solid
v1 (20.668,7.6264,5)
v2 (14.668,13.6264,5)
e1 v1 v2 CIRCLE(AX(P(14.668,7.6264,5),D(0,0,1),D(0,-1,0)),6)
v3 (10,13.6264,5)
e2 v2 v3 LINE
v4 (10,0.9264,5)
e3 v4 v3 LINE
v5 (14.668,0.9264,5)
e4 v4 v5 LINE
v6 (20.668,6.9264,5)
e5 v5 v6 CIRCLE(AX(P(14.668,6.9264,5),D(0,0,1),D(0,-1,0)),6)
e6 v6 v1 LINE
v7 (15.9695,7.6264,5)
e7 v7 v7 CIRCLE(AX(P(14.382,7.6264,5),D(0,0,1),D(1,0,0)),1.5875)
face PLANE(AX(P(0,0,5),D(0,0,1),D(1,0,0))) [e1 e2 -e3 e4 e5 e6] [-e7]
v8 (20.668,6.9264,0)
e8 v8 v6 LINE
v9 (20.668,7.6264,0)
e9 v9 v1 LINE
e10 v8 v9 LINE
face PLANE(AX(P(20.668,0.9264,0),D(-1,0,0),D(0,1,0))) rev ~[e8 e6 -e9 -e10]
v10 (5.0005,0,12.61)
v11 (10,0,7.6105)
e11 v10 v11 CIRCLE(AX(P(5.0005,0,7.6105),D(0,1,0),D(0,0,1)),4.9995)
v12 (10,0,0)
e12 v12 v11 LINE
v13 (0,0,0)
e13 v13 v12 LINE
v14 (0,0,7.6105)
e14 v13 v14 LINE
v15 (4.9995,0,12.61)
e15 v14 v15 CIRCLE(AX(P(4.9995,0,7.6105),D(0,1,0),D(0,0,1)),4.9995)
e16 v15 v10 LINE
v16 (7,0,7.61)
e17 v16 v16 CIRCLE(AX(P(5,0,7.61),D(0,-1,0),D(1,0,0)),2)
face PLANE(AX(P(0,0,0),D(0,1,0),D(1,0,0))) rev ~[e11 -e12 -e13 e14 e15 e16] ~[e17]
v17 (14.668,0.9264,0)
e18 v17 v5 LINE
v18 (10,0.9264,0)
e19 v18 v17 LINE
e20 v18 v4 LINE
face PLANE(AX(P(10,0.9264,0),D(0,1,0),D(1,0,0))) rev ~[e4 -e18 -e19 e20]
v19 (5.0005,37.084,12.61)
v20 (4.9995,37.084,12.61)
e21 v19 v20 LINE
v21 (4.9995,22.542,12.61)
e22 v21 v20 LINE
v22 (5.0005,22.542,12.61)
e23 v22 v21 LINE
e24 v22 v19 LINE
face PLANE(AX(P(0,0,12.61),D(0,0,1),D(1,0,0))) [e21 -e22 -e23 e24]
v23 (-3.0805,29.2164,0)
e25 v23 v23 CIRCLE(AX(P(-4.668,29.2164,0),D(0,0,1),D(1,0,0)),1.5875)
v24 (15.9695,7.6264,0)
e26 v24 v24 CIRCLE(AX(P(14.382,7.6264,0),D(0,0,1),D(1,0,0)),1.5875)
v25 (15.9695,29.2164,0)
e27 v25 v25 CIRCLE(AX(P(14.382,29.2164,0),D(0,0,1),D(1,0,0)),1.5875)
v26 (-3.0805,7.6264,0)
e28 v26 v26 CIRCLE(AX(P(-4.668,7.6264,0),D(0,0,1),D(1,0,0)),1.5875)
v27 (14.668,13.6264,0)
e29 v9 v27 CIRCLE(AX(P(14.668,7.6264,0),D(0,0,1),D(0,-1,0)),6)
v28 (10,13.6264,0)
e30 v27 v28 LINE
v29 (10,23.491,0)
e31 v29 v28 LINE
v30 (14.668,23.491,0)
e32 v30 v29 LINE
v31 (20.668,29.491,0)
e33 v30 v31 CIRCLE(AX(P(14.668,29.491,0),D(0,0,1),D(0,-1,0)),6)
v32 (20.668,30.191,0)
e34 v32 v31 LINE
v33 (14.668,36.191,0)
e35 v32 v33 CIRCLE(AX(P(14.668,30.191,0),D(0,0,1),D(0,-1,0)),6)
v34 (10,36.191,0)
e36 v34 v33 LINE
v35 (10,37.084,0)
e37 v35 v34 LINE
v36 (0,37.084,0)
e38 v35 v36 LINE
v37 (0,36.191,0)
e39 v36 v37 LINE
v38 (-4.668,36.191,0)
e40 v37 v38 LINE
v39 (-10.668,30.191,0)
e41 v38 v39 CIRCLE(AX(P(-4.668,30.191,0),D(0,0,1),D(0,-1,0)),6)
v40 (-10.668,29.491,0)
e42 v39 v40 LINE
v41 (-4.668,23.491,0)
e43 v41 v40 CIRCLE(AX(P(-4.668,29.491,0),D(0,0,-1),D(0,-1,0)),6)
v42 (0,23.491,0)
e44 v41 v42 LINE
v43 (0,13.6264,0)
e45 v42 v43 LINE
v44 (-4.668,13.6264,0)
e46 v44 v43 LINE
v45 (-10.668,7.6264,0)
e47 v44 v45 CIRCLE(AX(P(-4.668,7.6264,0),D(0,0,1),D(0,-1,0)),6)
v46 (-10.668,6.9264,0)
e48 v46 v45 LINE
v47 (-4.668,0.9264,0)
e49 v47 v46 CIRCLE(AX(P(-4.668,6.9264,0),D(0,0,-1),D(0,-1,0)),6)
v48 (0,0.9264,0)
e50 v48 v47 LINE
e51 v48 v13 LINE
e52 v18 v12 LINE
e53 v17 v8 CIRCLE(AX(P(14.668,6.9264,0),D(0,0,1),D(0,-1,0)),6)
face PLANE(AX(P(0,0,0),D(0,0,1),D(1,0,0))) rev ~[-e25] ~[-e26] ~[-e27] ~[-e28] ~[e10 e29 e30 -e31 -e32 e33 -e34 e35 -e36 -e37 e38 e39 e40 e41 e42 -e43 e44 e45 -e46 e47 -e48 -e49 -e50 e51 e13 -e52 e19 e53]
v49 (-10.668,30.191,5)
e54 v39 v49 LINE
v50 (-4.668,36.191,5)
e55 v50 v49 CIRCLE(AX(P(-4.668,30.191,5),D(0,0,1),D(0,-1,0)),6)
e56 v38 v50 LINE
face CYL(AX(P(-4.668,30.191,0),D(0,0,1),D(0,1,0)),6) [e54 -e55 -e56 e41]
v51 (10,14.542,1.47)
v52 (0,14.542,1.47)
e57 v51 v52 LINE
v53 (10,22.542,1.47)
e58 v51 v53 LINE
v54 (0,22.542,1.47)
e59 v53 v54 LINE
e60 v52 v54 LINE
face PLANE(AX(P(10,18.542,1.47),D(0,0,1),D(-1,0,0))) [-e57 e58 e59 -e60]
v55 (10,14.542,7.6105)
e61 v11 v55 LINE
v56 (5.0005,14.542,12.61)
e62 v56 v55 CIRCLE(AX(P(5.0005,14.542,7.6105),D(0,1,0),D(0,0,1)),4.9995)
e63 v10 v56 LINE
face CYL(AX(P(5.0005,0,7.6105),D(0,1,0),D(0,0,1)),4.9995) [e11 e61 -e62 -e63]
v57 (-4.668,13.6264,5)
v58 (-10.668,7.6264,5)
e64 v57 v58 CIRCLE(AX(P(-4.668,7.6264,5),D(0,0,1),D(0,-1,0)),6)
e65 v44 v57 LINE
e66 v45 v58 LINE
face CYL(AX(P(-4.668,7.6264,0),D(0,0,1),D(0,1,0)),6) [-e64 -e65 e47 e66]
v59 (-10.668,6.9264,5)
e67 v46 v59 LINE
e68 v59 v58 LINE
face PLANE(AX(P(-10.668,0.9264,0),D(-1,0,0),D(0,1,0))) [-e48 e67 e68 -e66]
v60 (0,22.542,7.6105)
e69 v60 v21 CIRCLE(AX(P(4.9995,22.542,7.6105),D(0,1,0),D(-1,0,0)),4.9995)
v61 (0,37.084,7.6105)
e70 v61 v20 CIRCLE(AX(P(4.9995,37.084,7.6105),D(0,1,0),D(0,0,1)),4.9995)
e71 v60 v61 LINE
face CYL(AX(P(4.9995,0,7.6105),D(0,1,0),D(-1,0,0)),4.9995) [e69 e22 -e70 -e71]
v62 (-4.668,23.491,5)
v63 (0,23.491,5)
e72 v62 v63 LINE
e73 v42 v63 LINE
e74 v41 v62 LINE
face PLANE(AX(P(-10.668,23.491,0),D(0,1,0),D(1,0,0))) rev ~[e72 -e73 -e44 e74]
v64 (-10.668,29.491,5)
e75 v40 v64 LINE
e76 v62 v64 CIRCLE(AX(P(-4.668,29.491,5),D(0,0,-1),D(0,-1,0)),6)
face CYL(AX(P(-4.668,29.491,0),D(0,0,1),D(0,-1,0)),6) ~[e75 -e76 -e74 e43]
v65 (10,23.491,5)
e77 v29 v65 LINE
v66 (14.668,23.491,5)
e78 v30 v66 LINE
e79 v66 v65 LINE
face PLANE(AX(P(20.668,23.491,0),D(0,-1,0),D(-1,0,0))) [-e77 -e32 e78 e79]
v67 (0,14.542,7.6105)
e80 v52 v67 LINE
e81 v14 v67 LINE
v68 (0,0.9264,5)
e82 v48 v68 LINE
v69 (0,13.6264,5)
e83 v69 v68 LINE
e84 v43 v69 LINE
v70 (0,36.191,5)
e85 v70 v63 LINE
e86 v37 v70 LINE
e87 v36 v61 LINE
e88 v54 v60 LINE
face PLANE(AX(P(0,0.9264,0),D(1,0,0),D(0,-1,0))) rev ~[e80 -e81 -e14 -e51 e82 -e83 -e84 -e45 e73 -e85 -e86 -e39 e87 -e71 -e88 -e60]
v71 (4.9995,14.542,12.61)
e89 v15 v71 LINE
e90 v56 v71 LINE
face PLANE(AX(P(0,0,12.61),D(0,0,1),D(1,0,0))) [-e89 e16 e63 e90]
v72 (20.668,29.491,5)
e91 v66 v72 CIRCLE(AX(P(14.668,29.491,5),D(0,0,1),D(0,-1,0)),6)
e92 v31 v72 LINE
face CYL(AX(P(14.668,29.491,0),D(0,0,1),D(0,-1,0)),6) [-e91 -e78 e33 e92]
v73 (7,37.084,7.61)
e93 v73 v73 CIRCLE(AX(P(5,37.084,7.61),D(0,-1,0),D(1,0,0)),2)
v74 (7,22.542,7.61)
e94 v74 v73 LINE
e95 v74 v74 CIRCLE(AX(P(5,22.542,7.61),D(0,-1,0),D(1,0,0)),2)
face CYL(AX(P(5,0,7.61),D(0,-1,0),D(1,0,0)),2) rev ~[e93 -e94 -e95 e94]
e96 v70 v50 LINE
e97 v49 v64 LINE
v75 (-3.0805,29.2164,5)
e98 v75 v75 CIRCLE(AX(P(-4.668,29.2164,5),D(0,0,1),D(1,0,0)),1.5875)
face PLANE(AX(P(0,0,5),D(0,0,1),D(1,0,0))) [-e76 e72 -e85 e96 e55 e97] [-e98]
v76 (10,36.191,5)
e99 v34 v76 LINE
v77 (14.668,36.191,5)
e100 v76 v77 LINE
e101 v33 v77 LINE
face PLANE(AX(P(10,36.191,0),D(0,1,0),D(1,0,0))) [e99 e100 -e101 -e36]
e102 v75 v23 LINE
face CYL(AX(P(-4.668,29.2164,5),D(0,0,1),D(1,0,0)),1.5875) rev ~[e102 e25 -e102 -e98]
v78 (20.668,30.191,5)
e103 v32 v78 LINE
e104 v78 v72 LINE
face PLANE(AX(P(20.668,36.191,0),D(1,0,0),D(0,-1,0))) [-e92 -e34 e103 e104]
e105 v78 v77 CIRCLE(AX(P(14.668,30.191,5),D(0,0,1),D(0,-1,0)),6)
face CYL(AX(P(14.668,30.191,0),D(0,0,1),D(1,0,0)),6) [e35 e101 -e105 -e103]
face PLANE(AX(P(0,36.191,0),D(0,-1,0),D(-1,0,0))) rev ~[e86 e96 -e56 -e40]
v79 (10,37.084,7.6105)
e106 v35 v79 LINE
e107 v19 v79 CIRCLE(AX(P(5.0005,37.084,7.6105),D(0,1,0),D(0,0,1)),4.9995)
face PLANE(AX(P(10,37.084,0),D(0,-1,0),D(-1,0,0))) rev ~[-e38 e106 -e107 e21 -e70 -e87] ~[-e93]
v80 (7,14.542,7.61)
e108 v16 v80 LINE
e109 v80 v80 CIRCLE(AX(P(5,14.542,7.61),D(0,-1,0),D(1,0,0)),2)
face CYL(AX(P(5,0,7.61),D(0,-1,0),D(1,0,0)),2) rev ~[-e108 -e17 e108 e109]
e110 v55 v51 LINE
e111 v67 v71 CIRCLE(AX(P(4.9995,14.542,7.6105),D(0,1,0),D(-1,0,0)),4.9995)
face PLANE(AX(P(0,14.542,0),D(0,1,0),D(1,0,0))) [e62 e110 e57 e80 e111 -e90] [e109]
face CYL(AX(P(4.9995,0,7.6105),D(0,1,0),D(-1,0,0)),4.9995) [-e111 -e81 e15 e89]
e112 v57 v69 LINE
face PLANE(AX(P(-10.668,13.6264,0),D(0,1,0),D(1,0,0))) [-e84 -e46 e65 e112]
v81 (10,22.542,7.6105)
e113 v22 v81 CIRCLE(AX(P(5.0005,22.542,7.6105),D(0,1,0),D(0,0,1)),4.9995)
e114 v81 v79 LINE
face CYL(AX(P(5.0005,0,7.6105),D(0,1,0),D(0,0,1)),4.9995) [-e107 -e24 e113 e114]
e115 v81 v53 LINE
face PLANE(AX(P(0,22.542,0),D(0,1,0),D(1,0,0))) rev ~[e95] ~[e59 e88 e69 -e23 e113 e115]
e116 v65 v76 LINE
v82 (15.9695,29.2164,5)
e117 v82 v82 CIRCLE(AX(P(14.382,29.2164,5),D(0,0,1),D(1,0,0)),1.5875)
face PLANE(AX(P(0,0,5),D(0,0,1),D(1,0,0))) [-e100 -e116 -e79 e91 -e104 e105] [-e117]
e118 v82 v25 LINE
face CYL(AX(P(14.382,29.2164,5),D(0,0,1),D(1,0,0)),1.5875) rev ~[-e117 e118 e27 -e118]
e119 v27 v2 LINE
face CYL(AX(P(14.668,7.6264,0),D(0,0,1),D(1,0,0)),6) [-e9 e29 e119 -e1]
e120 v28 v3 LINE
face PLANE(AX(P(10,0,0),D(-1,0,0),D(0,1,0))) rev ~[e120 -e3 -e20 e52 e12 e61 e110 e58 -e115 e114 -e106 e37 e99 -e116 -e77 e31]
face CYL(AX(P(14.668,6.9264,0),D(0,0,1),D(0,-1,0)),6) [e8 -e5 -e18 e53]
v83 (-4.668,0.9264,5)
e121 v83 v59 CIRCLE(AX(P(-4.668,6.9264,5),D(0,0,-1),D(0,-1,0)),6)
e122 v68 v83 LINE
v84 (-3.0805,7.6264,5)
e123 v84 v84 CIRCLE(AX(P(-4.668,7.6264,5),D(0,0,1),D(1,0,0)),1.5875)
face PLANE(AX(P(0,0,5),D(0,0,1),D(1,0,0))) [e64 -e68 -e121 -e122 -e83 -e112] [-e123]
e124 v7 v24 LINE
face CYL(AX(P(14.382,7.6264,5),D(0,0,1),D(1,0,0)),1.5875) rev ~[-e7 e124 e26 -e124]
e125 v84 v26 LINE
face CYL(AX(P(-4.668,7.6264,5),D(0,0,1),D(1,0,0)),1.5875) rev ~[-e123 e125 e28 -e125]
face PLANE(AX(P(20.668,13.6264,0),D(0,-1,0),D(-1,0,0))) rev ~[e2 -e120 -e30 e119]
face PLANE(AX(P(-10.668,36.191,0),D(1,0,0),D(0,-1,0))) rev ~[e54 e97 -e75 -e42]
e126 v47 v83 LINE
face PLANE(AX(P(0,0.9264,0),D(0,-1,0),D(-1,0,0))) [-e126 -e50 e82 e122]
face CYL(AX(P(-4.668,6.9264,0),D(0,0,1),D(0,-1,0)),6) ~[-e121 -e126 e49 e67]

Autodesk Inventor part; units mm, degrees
ref_plane "YZ Plane" through (0, 0, 0) normal (1, 0, 0) x (0, 1, 0)
ref_plane "XZ Plane" through (0, 0, 0) normal (0, 1, 0) x (-1, 0, 0)
sketch "Sketch1" plane through (0, 0, 0) normal (0, 0, 1) x (1, 0, 0)
  line L0 (0, 0) -> (10, 0)
  line L1 (10, 0) -> (10, 37.084)
  line L2 (10, 37.084) -> (0, 37.084)
  line L3 (0, 37.084) -> (0, 0)
  line L4 (0, 36.191) -> (-10.668, 36.191)
  line L5 (-10.668, 36.191) -> (-10.668, 23.491)
  line L6 (-10.668, 23.491) -> (0, 23.491)
  line L7 (0, 23.491) -> (0, 36.191)
  line L8 (0, 0.9264) -> (-10.668, 0.9264)
  line L9 (-10.668, 0.9264) -> (-10.668, 13.6264)
  line L10 (-10.668, 13.6264) -> (0, 13.6264)
  line L11 (0, 13.6264) -> (0, 0.9264)
  line L12 (5, 37.084) -> (5, 9.6109) construction
  line L13 (10, 36.191) -> (20.668, 36.191)
  line L14 (20.668, 36.191) -> (20.668, 23.491)
  line L15 (20.668, 23.491) -> (10, 23.491)
  line L16 (10, 0.9264) -> (20.668, 0.9264)
  line L17 (20.668, 0.9264) -> (20.668, 13.6264)
  line L18 (20.668, 13.6264) -> (10, 13.6264)
  line L19 (10, 36.191) -> (10, 23.491)
  line L20 (10, 13.6264) -> (10, 0.9264)
  dimension "d0" = 10
  dimension "d1" = 37.084
  dimension "d2" = 10.668
  dimension "d3" = 12.7
  dimension "d4" = 10.668
  dimension "d5" = 12.7
extrude "Extrusion1" add sketch "Sketch1" along normal blind 12.61 contours L3 L2 L1 L0
extrude "Extrusion2" add sketch "Sketch1" along normal blind 5 contours L8 L9 L10 L3 | L6 L5 L4 L3
extrude "Extrusion3" add sketch "Sketch1" along normal blind 5 contours L1 L18 L17 L16 | L1 L13 L14 L15
fillet "Fillet1" radius 5 2 edges at (10, 18.542, 12.61) (0, 18.542, 12.61)
fillet "Fillet2" radius 6 8 edges at (20.668, 36.191, 2.5) (20.668, 23.491, 2.5) (20.668, 13.6264, 2.5) (20.668, 0.9264, 2.5) (-10.668, 13.6264, 2.5) (-10.668, 36.191, 2.5) (-10.668, 23.491, 2.5) (-10.668, 0.9264, 2.5)
sketch "Sketch2" plane through (0, 0, 5) normal (0, 0, 1) x (1, 0, 0)
  arc A0 (-4.668, 13.6264) -> (-10.668, 7.6264) centre (-4.668, 7.6264) ccw projected
  circle A1 centre (-4.668, 7.6264) radius 1.5875
  line L0 (-4.668, 7.6264) -> (-4.668, 29.2164) construction
  line L1 (-4.668, 29.2164) -> (14.382, 29.2164) construction
  circle A2 centre (-4.668, 29.2164) radius 1.5875
  circle A3 centre (14.382, 29.2164) radius 1.5875
  circle A4 centre (14.382, 7.6264) radius 1.5875
  point P0 (0, 0)
  dimension "d14" = 3.175
  dimension "d15" = 21.59
  dimension "d16" = 19.05
  dimension "d17" = 3.175
  dimension "d18" = 3.175
  dimension "d19" = 3.175
extrude "Extrusion4" cut sketch "Sketch2" against normal blind 5
sketch "Sketch3" plane through (0, 0, 0) normal (0, -1, 0) x (1, 0, 0)
  arc A0 (10, 7.61) -> (0, 7.61) centre (5, 7.61) ccw projected
  circle A1 centre (5, 7.61) radius 2
  point P0 (0, 0)
  dimension "d22" = 4
extrude "Extrusion5" cut sketch "Sketch3" against normal blind 100
ref_plane "Work Plane1" through (0, 18.542, 0) normal (0, 1, 0) x (1, 0, 0)
sketch "Sketch4" plane through (0, 18.542, 0) normal (0, 1, 0) x (1, 0, 0)
  arc A0 (0, -7.61) -> (10, -7.61) centre (5, -7.61) ccw construction
  line L0 (5, -12.61) -> (5, -1.47) construction
  line L1 (10, -1.47) -> (0, -1.47)
  line L2 (0, 0) -> (0, -7.61) projected
  line L3 (0, -1.47) -> (-2.5969, -14.0453)
  line L4 (-2.5969, -14.0453) -> (12.3635, -14.2385)
  line L5 (12.3635, -14.2385) -> (10, -1.47)
  dimension "d25" = 11.14
extrude "Extrusion6" cut sketch "Sketch4" along normal mid plane 8
properties part number "Nose Gear Mounting Block"
